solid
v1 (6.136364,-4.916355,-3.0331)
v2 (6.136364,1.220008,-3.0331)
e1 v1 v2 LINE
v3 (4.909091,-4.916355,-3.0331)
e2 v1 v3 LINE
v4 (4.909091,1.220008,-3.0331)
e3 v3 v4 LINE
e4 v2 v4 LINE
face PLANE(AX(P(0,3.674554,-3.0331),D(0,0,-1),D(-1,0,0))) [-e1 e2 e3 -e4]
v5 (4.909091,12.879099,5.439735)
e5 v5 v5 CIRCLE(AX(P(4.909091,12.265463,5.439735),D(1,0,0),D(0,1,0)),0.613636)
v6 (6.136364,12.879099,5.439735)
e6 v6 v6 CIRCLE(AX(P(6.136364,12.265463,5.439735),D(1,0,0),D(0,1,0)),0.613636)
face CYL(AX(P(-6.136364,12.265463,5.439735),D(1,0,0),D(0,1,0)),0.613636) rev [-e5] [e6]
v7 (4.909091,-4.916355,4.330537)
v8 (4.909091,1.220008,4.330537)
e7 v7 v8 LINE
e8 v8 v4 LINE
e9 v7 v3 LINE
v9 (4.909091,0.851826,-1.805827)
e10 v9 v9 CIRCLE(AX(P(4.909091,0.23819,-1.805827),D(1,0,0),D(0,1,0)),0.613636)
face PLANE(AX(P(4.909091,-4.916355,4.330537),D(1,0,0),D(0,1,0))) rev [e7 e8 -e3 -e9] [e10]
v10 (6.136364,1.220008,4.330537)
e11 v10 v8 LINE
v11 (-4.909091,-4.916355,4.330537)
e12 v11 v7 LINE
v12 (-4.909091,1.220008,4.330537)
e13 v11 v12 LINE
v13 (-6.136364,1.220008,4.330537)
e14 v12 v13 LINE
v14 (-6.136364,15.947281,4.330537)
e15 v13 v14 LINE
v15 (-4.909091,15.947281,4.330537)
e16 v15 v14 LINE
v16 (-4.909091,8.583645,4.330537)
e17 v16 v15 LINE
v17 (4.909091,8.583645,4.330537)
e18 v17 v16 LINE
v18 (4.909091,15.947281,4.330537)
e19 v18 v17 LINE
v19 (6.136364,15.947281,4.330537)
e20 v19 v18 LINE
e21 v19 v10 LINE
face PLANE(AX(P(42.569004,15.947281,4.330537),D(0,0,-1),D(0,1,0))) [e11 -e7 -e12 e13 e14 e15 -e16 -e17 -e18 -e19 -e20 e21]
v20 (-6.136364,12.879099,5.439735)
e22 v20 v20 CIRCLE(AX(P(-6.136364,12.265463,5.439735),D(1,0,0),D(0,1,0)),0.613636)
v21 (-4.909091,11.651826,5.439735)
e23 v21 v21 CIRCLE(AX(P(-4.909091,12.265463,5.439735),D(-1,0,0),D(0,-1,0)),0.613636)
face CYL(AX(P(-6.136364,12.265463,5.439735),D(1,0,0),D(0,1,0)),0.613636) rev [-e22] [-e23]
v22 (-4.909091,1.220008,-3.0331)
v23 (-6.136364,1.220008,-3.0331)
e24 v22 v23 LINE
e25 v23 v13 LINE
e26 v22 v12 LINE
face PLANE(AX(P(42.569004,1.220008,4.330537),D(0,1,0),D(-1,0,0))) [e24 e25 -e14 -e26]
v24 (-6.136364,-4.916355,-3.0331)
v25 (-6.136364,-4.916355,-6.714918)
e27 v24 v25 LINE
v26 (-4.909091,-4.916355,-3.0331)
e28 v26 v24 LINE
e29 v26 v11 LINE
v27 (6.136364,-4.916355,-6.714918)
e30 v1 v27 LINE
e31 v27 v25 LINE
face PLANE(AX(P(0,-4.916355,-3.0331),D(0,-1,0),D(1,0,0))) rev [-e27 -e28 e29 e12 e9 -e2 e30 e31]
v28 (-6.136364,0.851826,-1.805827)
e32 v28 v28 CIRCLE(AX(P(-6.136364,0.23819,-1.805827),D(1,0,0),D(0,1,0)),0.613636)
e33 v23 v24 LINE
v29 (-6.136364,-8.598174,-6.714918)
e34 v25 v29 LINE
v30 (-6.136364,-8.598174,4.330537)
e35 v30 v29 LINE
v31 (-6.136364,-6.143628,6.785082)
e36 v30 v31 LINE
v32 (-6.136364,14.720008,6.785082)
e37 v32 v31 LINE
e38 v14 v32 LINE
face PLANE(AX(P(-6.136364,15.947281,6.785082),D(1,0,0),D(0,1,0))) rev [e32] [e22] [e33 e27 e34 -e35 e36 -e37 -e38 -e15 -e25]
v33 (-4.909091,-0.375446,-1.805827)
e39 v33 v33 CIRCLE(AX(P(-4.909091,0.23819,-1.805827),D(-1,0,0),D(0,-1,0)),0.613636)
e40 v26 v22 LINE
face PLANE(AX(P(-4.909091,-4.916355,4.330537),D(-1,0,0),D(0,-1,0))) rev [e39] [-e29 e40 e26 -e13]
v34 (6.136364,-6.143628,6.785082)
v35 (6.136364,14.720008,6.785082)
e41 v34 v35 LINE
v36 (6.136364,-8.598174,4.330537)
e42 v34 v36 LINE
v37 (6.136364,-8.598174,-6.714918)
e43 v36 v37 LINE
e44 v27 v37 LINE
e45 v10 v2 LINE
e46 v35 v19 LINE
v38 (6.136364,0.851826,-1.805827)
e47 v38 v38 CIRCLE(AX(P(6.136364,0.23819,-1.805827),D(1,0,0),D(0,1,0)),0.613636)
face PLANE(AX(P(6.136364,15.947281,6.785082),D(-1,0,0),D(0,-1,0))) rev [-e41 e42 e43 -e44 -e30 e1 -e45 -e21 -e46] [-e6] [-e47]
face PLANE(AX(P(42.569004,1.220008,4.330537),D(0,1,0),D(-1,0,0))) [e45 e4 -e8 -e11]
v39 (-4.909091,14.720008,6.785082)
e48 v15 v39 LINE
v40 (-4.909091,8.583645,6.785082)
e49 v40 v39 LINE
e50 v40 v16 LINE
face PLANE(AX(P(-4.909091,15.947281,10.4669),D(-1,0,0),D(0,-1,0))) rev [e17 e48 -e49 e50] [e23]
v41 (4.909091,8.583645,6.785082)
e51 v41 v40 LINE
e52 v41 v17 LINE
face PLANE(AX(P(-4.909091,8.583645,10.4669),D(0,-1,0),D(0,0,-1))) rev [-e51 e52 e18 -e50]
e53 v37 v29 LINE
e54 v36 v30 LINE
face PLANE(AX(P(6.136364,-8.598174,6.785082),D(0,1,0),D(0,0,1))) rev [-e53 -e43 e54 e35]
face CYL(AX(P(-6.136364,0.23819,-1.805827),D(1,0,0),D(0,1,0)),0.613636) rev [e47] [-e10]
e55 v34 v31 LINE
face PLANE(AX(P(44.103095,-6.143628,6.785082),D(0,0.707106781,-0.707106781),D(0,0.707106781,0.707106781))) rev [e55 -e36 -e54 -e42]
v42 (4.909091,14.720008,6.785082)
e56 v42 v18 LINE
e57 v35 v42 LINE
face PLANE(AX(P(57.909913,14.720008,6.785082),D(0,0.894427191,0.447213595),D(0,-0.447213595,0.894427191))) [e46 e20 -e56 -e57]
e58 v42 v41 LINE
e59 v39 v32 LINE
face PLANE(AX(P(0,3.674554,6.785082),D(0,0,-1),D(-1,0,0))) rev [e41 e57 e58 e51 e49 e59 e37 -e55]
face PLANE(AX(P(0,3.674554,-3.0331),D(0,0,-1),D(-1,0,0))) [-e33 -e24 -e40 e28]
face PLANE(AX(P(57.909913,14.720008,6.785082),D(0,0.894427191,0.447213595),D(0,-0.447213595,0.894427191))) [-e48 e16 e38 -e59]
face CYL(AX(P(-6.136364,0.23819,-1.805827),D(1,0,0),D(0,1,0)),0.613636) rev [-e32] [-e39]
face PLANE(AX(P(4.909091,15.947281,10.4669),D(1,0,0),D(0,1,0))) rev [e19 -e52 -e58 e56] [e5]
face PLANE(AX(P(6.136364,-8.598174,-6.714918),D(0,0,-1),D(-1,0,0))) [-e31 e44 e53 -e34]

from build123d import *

# Parameters (mm, degrees)
SKETCH_1_W                = 5
SKETCH_1_H                = 10
EXTRUDE_1_DEPTH           = 4
CUT_EXTRUDE_1_DEPTH       = 9.124038405
CUT_EXTRUDE_1_DEPTH_BACK  = 9.124038405
CUT_EXTRUDE_2_DEPTH       = 9.124038405
CUT_EXTRUDE_2_DEPTH_BACK  = 9.124038405
SKETCH_6_W                = 4
SKETCH_6_H                = 3
CUT_EXTRUDE_3_DEPTH       = 2.5
SKETCH_7_W                = 4
SKETCH_7_H                = 3
CUT_EXTRUDE_4_DEPTH       = 2.5
CUT_EXTRUDE_5_DEPTH       = 9.124038405
CUT_EXTRUDE_5_DEPTH_BACK  = 9.124038405
CUT_EXTRUDE_10_DEPTH      = 9.124038405
CUT_EXTRUDE_10_DEPTH_BACK = 5
SKETCH_11_R               = 0.25
CUT_EXTRUDE_11_DEPTH      = 5
SKETCH_12_R               = 0.25
CUT_EXTRUDE_12_DEPTH      = 5
EXTRUDE_3_DEPTH           = 5
SCALE_1_SCALE             = 2.454545455


with BuildPart() as part:
    # 草图1 → 凸台-拉伸1 (new body)
    with BuildSketch(Plane.XY):
        Rectangle(SKETCH_1_W, SKETCH_1_H)
    extrude(amount=EXTRUDE_1_DEPTH)

    # 草图2 → 切除-拉伸1 (cut, two sides: drawn at the far end of the back side and taken through both)
    with BuildSketch(Plane(origin=(2.5, 0, 0), x_dir=(0, 0, -1), z_dir=(1, 0, 0)).offset(-CUT_EXTRUDE_1_DEPTH_BACK)):
        Polygon((-31.620459958, -9.310229979), (-4, 4.5), (-3, 5), (24.620459958, 18.810229979), (-3, 74.051149895), (-59.240919916, 45.930689937), align=None)
    extrude(amount=CUT_EXTRUDE_1_DEPTH + CUT_EXTRUDE_1_DEPTH_BACK, mode=Mode.SUBTRACT)

    # 草图3 → 切除-拉伸2 (cut, two sides: drawn at the far end of the back side and taken through both)
    with BuildSketch(Plane(origin=(2.5, 0, 0), x_dir=(0, 0, -1), z_dir=(1, 0, 0)).offset(-CUT_EXTRUDE_2_DEPTH_BACK)):
        Polygon((-3, 35.880613018), (-3, 5), (-3, -1), (0, -1), (30.880613018, -1), (76.363050598, 40.782734631), (42.48243758, 77.663347649), align=None)
    extrude(amount=CUT_EXTRUDE_2_DEPTH + CUT_EXTRUDE_2_DEPTH_BACK, mode=Mode.SUBTRACT)

    # 草图6 → 切除-拉伸3 (cut)
    with BuildSketch(Plane(origin=(0, -1, 0), x_dir=(1, 0, 0), z_dir=(0, 1, 0))):
        with Locations((0, -1.5)):
            Rectangle(SKETCH_6_W, SKETCH_6_H)
    extrude(amount=-CUT_EXTRUDE_3_DEPTH, mode=Mode.SUBTRACT)

    # 草图7 → 切除-拉伸4 (cut)
    with BuildSketch(Plane(origin=(0, 0, 3), x_dir=(-1, 0, 0), z_dir=(0, 0, -1))):
        with Locations((0, 3.5)):
            Rectangle(SKETCH_7_W, SKETCH_7_H)
    extrude(amount=-CUT_EXTRUDE_4_DEPTH, mode=Mode.SUBTRACT)

    # 草图8 → 切除-拉伸5 (cut, two sides: drawn at the far end of the back side and taken through both)
    with BuildSketch(Plane(origin=(2.5, 0, 0), x_dir=(0, 0, -1), z_dir=(1, 0, 0)).offset(-CUT_EXTRUDE_5_DEPTH_BACK)):
        Polygon((-25.835890872, 17.835890872), (-4, -4), (-3, -5), (18.835890872, -26.835890872), (-24.835890872, -70.507672616), (-69.507672616, -25.835890872), align=None)
    extrude(amount=CUT_EXTRUDE_5_DEPTH + CUT_EXTRUDE_5_DEPTH_BACK, mode=Mode.SUBTRACT)

    # 草图9 → 切除-拉伸10 (cut, two sides: drawn at the far end of the back side and taken through both)
    with BuildSketch(Plane(origin=(2.5, 0, 0), x_dir=(0, 0, -1), z_dir=(1, 0, 0)).offset(-CUT_EXTRUDE_10_DEPTH_BACK)):
        Polygon((-23.148447549, -26.648447549), (-1.5, -5), (0, -3.5), (21.648447549, 18.148447549), (64.945342647, -25.148447549), (20.148447549, -69.945342647), align=None)
    extrude(amount=CUT_EXTRUDE_10_DEPTH + CUT_EXTRUDE_10_DEPTH_BACK, mode=Mode.SUBTRACT)

    # 草图11 → 切除-拉伸11 (cut)
    with BuildSketch(Plane(origin=(2.5, 0, 0), x_dir=(0, 0, -1), z_dir=(1, 0, 0))):
        with Locations((-3.451895846, 3.5)):
            Circle(SKETCH_11_R)
    extrude(amount=-CUT_EXTRUDE_11_DEPTH, mode=Mode.SUBTRACT)

    # 草图12 → 切除-拉伸12 (cut)
    with BuildSketch(Plane(origin=(2.5, 0, 0), x_dir=(0, 0, -1), z_dir=(1, 0, 0))):
        with Locations((-0.5, -1.4)):
            Circle(SKETCH_12_R)
    extrude(amount=-CUT_EXTRUDE_12_DEPTH, mode=Mode.SUBTRACT)

    # 草图14 → 凸台-拉伸3 (add)
    with BuildSketch(Plane.ZY.offset(2.5)):
        Polygon((1.5, -5), (-1.5, -5), (-1.5, -3.5), (0, -3.5), align=None)
    extrude(amount=-EXTRUDE_3_DEPTH)


with BuildPart() as part_1:
    # 缩放比例1: scaled about (0, -2.526255673, 2.085256103)
    add(part.part.scale(SCALE_1_SCALE).moved(Location((0, 3.674553706, -3.033099786))))


solid = part_1.part
